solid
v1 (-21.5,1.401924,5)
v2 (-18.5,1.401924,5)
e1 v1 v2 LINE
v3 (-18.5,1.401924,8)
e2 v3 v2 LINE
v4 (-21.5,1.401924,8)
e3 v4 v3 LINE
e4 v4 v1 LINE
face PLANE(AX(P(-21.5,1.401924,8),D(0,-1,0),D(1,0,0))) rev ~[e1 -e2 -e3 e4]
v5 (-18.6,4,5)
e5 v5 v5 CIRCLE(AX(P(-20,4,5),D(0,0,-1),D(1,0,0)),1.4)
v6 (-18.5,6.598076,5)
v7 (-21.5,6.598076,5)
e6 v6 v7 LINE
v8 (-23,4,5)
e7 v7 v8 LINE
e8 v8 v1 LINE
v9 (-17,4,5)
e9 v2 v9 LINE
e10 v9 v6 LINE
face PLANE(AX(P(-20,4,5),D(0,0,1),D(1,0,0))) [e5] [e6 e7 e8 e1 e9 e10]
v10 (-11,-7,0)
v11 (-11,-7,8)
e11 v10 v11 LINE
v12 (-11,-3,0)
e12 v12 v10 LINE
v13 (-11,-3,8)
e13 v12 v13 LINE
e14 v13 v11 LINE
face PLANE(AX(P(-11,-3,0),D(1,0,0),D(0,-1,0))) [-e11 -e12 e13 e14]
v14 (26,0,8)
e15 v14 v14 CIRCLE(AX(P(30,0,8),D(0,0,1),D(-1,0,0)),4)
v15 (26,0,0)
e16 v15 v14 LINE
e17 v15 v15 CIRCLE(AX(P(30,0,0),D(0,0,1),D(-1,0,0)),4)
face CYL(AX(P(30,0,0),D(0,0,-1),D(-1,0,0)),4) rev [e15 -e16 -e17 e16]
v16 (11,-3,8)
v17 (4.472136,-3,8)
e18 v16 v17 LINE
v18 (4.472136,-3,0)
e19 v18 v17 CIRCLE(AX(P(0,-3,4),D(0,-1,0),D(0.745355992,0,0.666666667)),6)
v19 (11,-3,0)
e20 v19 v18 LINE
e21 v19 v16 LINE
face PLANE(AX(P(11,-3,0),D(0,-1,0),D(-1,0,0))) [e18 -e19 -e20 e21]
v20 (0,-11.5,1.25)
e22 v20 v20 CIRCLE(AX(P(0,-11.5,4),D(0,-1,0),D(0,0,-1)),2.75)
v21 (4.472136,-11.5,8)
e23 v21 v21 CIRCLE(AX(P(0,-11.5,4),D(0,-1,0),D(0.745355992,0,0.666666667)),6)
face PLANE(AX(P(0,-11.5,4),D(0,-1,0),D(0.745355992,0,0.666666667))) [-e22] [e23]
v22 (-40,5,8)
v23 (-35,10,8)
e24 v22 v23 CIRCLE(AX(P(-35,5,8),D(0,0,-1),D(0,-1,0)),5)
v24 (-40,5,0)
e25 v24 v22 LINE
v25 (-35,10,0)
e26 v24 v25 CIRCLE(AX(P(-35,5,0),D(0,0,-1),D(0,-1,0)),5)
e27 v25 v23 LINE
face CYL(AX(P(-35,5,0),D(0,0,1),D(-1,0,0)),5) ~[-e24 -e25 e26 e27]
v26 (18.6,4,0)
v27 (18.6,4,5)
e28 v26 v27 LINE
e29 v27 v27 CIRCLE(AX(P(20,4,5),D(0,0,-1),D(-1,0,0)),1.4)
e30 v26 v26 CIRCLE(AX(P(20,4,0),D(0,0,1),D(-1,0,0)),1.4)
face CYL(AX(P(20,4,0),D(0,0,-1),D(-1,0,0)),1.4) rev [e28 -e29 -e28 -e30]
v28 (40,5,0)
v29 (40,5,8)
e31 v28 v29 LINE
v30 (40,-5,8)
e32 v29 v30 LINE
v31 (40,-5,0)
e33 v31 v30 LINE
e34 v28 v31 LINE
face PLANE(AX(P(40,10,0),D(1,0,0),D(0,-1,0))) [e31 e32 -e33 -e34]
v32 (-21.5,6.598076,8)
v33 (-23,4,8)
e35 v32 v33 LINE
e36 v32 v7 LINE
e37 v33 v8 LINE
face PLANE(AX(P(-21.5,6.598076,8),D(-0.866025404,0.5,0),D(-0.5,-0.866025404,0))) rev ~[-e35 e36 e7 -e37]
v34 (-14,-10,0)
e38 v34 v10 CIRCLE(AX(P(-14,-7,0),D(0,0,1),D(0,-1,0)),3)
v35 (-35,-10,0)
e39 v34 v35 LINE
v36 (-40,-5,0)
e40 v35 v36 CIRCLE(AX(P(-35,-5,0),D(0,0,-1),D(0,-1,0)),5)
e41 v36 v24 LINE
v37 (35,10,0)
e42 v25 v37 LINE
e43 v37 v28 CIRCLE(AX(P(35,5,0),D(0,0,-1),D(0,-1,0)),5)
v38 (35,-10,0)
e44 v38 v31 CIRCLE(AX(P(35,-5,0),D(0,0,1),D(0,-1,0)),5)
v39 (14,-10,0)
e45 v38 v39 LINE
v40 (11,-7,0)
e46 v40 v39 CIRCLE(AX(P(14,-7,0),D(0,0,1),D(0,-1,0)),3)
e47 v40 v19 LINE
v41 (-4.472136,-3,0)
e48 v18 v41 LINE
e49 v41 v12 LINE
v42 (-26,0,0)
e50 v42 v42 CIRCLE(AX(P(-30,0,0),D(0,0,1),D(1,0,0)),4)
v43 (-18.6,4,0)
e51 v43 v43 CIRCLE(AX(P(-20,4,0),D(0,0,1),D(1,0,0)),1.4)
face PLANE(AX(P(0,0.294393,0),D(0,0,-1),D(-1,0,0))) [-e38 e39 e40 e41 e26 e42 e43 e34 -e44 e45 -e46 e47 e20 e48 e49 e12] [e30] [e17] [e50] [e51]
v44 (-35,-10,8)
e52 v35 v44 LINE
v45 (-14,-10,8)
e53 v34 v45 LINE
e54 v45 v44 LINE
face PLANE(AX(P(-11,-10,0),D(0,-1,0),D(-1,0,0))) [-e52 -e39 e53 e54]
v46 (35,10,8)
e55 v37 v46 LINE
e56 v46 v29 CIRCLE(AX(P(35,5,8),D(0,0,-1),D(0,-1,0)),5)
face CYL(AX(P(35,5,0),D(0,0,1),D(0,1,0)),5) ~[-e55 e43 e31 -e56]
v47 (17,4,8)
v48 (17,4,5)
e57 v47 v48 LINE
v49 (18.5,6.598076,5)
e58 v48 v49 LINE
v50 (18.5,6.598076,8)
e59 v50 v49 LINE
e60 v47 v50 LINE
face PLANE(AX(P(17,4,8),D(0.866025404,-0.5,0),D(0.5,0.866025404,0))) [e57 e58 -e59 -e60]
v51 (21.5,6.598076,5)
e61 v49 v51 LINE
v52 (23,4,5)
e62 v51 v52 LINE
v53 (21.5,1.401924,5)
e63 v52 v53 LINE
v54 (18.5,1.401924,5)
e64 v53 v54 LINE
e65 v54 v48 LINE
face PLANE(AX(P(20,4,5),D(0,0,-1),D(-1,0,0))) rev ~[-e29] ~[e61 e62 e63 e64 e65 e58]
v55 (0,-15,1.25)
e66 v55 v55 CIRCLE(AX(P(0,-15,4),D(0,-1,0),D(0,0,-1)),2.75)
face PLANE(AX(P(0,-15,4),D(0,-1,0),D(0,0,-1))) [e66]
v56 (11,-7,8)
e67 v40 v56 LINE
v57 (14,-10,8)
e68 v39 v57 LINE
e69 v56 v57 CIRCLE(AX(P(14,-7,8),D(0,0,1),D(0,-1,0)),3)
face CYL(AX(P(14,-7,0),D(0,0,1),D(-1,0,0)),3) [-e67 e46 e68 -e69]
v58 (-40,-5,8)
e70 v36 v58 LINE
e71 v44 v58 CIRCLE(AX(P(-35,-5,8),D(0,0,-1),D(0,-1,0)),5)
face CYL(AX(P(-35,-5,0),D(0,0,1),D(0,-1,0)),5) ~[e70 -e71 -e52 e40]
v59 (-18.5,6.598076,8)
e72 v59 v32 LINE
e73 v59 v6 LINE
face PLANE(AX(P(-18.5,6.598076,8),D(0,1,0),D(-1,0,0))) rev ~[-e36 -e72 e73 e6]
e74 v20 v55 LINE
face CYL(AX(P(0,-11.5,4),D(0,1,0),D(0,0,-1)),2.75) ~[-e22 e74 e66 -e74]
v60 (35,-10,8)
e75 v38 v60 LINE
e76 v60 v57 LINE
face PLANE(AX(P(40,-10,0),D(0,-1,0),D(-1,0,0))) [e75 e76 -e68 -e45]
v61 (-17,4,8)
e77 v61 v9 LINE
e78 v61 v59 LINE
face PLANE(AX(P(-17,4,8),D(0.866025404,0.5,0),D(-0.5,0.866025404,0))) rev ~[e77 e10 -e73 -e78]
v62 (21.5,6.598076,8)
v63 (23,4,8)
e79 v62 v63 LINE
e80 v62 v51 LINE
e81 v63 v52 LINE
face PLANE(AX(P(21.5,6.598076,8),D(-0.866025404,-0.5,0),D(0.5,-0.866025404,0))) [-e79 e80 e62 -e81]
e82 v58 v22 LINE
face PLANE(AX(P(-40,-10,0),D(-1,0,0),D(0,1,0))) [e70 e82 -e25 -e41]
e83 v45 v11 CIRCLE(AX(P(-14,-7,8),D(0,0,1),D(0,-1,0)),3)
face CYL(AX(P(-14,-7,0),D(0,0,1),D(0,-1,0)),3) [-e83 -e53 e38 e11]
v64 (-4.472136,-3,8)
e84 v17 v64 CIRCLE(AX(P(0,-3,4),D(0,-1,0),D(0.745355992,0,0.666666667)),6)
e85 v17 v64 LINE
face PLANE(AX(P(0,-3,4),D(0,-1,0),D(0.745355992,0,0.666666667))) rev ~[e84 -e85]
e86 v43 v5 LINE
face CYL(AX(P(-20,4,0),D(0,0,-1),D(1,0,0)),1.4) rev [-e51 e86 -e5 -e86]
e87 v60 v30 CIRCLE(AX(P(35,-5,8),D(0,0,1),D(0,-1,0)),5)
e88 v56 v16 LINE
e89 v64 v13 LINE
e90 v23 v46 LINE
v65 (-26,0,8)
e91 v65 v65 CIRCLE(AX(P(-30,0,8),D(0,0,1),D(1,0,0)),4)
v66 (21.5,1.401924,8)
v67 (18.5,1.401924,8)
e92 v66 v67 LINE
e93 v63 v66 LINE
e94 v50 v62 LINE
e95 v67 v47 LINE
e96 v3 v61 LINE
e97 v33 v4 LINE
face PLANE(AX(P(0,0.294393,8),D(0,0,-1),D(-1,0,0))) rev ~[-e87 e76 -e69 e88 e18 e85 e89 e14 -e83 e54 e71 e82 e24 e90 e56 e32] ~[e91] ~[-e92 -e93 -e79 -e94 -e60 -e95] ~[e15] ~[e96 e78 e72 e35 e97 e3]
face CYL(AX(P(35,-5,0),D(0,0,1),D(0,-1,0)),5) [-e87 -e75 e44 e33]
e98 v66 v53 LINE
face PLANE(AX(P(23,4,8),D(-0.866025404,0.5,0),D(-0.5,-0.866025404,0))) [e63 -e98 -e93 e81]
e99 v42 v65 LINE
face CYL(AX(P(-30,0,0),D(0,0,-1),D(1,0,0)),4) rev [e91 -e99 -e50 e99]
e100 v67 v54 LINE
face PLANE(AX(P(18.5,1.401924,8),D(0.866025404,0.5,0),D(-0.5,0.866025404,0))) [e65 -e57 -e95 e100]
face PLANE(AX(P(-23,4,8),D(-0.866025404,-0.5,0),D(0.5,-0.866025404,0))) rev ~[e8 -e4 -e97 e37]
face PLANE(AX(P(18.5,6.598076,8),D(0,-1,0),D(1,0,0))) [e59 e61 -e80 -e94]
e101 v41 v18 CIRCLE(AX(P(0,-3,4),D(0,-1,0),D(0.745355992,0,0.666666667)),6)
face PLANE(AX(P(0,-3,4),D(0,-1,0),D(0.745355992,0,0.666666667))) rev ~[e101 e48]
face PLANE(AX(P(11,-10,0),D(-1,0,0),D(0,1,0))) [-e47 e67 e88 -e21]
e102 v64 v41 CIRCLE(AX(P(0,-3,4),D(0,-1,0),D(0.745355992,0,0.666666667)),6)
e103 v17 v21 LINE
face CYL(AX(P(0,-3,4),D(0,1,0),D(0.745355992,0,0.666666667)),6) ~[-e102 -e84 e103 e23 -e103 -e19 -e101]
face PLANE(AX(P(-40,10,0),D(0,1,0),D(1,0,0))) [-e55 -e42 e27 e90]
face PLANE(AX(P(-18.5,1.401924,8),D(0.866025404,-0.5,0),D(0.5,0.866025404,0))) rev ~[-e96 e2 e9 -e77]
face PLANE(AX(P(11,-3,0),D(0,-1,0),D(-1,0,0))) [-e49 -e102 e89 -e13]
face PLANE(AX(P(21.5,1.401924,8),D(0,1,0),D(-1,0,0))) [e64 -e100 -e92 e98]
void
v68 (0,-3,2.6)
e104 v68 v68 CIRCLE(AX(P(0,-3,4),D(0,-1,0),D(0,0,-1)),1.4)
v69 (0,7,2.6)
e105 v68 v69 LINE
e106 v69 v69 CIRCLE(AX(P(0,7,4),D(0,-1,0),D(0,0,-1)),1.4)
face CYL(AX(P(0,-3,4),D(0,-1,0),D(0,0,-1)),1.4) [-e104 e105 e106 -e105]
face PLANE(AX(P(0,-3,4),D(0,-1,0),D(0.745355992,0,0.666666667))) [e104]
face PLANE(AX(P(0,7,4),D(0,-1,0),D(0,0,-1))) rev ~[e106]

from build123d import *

# Parameters (mm, degrees)
SKETCH1_R                = 4
SKETCH1_R_2              = 1.4
BOSS_EXTRUDE1_DEPTH      = 8
OUTSIDE_CURVES_R         = 5
INSIDE_CURVES_R          = 3
BOLT_HOLES_DEPTH         = 3
SKETCH3_R                = 1.4
BEARING_SCREW_HOLE_DEPTH = 10
SKETCH5_R                = 6
BEARINGS_DEPTH           = 8.5
SKETCH6_R                = 2.75
SCREW_DEPTH              = 3.5


with BuildPart() as part:
    # Sketch1 → Boss-Extrude1 (new body)
    with BuildSketch(Plane.XY):
        Polygon((-11, -3), (-11, -10), (-40, -10), (-40, 10), (40, 10), (40, -10), (11, -10), (11, -3), align=None)
        with Locations((-30, 0)):
            Circle(SKETCH1_R, mode=Mode.SUBTRACT)
        with Locations((-20, 4)):
            Circle(SKETCH1_R_2, mode=Mode.SUBTRACT)
        with Locations(Location((20, 4, 0), (0, 0, 180))):
            Circle(SKETCH1_R_2, mode=Mode.SUBTRACT)
        with Locations(Location((30, 0, 0), (0, 0, 180))):
            Circle(SKETCH1_R, mode=Mode.SUBTRACT)
    extrude(amount=BOSS_EXTRUDE1_DEPTH)

    # outside curves
    outside_curves_edges = [part.edges().sort_by_distance(p)[0] for p in [
        (-40, -10, 4),
        (-40, 10, 4),
        (40, 10, 4),
        (40, -10, 4),
    ]]
    fillet(outside_curves_edges, radius=OUTSIDE_CURVES_R)

    # inside curves
    inside_curves_edges = [part.edges().sort_by_distance(p)[0] for p in [
        (-11, -10, 4),
        (11, -10, 4),
    ]]
    fillet(inside_curves_edges, radius=INSIDE_CURVES_R)

    # Sketch2 → bolt holes (cut)
    with BuildSketch(Plane.XY.offset(8)):
        Polygon((-17, 4), (-18.5, 6.598076211), (-21.5, 6.598076211), (-23, 4), (-21.5, 1.401923789), (-18.5, 1.401923789), align=None)
        Polygon((18.5, 1.401923789), (17, 4), (18.5, 6.598076211), (21.5, 6.598076211), (23, 4), (21.5, 1.401923789), align=None)
    extrude(amount=-BOLT_HOLES_DEPTH, mode=Mode.SUBTRACT)

    # Sketch3 → bearing screw hole (cut)
    with BuildSketch(Plane.XZ.offset(3)):
        with Locations(Location((0, 4, 0), (0, 0, 270))):
            Circle(SKETCH3_R)
    extrude(amount=-BEARING_SCREW_HOLE_DEPTH, mode=Mode.SUBTRACT)

    # Sketch5 → bearings (add)
    with BuildSketch(Plane.XZ.offset(3)):
        with Locations(Location((0, 4, 0), (0, 0, 41.810314896))):
            Circle(SKETCH5_R)
    extrude(amount=BEARINGS_DEPTH)

    # Sketch6 → screw (add)
    with BuildSketch(Plane.XZ.offset(11.5)):
        with Locations(Location((0, 4, 0), (0, 0, 270))):
            Circle(SKETCH6_R)
    extrude(amount=SCREW_DEPTH)


solid = part.part
